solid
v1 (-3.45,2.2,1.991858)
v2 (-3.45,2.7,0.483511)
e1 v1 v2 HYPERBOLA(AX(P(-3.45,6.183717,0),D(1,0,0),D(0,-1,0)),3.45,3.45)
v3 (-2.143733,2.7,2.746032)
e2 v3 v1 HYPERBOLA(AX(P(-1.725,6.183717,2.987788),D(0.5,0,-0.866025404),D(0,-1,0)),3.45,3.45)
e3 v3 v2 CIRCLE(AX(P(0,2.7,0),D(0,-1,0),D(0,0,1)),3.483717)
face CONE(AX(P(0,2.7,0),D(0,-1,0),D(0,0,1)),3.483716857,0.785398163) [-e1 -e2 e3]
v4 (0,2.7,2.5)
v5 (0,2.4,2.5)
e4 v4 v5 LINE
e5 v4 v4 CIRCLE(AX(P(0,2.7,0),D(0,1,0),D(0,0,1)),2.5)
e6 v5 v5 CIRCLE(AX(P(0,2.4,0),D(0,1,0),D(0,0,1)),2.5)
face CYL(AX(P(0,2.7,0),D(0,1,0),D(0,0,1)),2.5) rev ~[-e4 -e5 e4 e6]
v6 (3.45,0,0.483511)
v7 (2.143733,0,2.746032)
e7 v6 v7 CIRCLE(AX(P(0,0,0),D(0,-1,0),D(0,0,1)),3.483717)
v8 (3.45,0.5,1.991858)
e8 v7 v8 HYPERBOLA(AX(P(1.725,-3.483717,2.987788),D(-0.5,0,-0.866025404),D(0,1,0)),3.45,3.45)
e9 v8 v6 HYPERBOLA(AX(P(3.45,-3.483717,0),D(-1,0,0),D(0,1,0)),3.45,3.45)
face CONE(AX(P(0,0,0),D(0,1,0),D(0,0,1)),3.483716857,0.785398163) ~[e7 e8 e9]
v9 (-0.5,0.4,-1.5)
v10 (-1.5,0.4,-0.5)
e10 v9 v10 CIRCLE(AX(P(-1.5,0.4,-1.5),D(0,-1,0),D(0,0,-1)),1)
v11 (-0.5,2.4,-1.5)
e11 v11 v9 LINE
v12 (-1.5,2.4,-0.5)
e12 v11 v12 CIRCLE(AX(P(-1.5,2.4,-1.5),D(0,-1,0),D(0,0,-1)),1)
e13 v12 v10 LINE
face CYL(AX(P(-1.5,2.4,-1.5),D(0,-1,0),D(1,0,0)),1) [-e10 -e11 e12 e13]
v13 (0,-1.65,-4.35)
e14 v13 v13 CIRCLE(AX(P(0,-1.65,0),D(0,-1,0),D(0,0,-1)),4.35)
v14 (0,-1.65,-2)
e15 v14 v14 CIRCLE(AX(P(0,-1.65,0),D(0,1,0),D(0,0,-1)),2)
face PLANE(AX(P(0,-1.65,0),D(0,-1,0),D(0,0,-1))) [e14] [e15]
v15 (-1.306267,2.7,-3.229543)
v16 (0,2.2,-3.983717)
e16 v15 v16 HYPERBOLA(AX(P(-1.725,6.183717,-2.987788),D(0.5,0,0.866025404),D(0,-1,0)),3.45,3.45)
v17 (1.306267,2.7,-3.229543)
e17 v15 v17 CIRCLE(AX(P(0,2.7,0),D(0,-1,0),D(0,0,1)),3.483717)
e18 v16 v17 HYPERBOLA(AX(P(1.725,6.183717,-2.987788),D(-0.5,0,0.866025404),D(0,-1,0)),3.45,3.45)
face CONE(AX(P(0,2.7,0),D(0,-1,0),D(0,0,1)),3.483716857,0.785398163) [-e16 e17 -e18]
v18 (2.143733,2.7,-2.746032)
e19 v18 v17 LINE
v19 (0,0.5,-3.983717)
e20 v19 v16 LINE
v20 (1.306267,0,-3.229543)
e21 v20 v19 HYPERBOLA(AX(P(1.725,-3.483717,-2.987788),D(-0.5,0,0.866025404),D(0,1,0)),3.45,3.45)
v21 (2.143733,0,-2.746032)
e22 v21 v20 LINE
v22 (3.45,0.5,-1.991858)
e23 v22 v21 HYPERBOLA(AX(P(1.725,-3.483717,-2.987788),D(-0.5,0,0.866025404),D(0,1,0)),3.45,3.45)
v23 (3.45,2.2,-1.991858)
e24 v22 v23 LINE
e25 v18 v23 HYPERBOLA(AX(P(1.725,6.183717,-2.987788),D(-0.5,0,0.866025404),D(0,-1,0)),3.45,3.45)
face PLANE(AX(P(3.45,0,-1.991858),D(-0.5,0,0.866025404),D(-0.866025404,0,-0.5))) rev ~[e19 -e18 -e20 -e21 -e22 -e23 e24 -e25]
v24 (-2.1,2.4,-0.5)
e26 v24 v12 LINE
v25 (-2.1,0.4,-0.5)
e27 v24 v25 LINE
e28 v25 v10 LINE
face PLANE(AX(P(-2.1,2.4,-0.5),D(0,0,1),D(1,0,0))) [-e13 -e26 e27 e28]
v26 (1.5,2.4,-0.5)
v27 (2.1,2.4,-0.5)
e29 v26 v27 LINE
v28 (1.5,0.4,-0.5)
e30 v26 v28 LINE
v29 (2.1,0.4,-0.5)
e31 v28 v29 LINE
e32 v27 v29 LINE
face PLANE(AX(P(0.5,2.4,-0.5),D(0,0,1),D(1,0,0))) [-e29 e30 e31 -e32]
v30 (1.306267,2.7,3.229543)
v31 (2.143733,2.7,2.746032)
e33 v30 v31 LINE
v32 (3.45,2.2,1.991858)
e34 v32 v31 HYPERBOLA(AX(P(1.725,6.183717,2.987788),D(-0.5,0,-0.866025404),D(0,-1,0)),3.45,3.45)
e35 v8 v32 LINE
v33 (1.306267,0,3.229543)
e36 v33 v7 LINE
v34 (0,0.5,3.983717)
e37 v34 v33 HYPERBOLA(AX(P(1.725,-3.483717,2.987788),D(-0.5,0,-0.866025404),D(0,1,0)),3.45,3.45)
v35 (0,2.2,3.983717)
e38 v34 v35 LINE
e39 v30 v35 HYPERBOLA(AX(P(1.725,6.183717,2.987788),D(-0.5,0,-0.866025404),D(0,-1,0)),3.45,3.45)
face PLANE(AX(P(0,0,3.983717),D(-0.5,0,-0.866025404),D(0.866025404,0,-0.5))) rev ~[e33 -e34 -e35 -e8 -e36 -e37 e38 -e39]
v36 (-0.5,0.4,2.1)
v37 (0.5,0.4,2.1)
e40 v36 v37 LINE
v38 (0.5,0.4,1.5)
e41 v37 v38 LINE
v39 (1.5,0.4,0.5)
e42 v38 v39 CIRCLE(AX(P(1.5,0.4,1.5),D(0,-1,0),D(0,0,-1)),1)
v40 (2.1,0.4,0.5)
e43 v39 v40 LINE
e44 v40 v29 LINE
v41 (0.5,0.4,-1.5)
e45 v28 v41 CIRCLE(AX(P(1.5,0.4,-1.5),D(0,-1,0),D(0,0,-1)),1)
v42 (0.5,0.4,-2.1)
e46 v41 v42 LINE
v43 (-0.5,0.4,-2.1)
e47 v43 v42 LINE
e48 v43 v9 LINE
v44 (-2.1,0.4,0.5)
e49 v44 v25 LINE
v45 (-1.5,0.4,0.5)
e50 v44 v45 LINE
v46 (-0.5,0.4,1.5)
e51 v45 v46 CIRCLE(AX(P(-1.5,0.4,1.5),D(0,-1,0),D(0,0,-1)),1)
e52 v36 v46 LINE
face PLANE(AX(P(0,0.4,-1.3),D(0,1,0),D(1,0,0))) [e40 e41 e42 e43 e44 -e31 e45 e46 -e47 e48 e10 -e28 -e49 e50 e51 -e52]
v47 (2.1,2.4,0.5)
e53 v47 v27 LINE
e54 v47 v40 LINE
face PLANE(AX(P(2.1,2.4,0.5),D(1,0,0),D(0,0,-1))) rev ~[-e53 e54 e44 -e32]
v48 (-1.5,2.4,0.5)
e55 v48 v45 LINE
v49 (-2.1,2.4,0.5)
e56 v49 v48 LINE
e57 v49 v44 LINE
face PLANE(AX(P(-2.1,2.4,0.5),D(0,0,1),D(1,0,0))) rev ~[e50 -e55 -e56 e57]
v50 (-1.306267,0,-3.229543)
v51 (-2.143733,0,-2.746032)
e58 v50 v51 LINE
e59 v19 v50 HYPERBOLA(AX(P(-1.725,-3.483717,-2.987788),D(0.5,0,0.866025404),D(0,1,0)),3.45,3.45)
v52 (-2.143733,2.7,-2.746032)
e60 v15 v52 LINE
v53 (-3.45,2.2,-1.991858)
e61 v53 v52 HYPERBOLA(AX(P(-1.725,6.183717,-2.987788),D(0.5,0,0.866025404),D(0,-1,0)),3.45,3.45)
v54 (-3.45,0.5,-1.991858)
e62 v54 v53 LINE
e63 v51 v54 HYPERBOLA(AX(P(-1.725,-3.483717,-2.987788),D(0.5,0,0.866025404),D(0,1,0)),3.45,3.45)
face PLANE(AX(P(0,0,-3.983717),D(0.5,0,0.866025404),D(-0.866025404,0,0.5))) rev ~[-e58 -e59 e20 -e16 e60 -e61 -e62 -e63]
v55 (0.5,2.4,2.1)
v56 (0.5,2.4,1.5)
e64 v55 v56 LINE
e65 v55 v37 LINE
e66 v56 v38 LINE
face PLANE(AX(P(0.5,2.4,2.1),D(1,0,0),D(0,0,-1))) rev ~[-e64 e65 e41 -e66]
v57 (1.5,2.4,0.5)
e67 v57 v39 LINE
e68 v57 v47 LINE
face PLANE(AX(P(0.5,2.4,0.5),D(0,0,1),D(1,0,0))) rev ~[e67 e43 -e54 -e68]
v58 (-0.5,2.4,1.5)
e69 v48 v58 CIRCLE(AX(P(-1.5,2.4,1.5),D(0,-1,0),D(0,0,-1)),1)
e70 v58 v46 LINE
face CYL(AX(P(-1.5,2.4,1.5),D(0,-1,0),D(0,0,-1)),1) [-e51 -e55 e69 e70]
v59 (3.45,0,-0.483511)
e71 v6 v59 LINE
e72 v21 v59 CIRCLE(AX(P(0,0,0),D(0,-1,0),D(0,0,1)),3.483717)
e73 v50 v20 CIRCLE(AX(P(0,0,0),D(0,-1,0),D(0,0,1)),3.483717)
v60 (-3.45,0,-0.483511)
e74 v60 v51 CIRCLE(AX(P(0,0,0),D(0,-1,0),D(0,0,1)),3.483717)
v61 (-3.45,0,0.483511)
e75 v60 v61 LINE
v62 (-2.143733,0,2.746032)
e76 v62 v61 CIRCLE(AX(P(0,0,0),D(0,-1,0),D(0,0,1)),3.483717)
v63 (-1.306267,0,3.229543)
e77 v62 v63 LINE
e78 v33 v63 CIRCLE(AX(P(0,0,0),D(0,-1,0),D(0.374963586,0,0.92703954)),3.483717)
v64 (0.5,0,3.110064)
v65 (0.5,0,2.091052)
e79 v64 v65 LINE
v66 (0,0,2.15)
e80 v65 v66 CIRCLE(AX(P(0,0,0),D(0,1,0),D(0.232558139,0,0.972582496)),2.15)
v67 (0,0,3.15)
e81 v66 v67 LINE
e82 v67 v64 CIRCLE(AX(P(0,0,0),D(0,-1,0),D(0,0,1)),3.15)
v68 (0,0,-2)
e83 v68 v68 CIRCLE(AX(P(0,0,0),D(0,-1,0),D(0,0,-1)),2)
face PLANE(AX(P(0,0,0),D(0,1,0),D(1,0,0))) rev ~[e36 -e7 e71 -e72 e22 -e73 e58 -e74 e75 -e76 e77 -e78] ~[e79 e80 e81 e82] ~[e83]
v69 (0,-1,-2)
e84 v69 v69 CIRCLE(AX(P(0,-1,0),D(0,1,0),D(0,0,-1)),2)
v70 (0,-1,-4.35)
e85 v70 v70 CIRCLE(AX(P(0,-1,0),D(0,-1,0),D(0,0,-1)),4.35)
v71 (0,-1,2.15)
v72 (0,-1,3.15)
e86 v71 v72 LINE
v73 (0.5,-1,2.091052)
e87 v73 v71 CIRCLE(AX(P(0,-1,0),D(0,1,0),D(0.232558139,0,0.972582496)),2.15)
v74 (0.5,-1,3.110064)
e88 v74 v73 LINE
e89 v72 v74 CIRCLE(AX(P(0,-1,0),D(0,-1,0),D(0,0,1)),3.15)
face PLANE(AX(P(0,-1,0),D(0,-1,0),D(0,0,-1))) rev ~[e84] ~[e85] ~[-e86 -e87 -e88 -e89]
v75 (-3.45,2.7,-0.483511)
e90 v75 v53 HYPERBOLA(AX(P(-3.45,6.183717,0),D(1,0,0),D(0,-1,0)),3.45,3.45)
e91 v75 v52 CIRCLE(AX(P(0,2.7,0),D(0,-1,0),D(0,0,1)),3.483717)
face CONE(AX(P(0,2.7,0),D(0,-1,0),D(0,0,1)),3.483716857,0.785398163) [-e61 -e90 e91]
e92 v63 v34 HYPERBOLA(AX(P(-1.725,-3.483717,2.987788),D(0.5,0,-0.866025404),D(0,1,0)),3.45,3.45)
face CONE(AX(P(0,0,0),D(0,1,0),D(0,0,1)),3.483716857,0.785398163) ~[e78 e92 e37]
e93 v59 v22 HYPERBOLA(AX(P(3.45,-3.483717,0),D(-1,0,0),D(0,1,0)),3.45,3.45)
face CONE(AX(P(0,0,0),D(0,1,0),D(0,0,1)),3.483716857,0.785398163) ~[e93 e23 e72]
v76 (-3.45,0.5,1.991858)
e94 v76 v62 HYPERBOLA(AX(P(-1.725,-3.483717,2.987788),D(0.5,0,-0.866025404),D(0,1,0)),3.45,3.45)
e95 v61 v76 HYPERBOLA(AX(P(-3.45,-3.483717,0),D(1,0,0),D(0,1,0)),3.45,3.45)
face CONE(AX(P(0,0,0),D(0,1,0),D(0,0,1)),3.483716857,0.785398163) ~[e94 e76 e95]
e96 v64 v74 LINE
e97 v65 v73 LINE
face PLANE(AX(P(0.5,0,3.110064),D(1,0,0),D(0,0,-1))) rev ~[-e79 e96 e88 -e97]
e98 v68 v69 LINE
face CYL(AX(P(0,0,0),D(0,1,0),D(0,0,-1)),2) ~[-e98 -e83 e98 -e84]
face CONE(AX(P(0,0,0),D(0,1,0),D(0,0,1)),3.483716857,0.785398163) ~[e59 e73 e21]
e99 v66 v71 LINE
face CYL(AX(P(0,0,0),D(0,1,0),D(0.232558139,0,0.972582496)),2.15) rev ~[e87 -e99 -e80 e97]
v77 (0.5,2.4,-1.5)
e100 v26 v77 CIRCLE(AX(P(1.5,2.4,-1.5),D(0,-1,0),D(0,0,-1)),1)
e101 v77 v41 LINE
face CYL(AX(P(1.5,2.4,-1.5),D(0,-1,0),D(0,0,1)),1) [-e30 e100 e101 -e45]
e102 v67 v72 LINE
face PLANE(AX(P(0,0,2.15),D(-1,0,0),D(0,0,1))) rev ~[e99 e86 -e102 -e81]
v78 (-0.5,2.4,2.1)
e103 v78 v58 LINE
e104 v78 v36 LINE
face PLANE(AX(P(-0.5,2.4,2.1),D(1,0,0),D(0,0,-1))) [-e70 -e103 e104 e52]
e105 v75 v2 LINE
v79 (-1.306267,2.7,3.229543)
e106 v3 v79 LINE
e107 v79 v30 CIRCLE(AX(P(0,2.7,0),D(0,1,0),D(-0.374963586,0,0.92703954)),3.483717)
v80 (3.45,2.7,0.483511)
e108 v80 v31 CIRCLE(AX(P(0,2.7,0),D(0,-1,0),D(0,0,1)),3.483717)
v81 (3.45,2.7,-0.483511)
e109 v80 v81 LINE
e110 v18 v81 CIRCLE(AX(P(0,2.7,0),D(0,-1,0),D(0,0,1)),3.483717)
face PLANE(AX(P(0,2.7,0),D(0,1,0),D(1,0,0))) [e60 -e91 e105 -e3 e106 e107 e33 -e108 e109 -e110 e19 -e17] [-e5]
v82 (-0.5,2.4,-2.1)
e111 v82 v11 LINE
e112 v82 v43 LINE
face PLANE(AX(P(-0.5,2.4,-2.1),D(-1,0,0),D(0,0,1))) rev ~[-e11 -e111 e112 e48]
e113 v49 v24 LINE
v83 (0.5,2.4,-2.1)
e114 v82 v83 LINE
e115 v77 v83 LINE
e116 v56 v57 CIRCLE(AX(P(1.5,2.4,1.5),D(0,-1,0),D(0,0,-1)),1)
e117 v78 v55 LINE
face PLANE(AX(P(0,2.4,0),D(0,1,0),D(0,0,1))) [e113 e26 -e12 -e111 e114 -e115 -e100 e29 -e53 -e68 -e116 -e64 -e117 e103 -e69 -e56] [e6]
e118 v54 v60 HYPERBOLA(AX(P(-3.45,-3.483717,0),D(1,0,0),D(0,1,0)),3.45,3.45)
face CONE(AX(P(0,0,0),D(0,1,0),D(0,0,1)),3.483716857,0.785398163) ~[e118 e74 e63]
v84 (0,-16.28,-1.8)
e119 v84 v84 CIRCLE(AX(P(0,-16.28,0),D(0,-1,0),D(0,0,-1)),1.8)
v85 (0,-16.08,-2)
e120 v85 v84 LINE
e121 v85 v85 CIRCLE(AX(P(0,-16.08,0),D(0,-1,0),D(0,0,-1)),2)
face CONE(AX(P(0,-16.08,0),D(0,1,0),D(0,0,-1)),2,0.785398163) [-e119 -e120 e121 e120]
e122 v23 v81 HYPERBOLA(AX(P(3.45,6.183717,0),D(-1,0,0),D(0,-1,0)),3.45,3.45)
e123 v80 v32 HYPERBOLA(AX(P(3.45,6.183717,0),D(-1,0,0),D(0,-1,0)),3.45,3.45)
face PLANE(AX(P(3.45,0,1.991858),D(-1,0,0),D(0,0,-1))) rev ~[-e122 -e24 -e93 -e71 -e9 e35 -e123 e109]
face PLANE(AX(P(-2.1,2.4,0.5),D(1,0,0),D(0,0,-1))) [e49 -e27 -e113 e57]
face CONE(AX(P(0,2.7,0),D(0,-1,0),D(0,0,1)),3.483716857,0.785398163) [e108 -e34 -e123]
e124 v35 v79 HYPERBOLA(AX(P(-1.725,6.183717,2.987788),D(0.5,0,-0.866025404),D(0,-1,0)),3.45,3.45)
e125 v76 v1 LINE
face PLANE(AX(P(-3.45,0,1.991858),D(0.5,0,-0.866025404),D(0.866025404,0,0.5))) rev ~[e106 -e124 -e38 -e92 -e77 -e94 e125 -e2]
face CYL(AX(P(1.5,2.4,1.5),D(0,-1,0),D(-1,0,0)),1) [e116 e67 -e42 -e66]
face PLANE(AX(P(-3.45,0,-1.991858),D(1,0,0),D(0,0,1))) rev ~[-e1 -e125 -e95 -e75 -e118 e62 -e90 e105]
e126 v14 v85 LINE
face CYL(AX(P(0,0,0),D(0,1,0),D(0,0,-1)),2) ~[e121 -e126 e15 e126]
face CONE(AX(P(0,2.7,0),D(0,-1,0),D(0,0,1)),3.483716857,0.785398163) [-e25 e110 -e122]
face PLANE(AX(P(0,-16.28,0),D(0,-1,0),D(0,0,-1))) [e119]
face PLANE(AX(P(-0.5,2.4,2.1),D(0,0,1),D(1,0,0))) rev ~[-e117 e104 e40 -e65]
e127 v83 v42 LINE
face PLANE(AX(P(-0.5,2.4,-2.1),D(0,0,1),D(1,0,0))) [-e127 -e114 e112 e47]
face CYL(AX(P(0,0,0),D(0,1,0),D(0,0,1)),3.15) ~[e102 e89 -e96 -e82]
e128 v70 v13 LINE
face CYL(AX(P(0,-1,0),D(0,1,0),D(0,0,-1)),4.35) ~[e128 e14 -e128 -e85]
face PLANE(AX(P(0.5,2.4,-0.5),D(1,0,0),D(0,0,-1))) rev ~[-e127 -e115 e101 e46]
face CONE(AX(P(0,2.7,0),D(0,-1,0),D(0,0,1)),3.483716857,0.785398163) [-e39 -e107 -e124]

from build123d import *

# Parameters (mm, degrees)
BOSS_EXTRUDE1_DEPTH = 2.7
SKETCH3_R           = 2.5
CUT_EXTRUDE1_DEPTH  = 0.3
SKETCH4_R           = 2
BOSS_EXTRUDE2_DEPTH = 16.28
BOSS_EXTRUDE3_DEPTH = 1
SKETCH7_R           = 4.35
BOSS_EXTRUDE4_DEPTH = 0.65
SKETCH8_W           = 1
SKETCH8_H           = 1.6
SKETCH8_H_2         = 1
SKETCH8_W_2         = 1.6
CUT_EXTRUDE2_DEPTH  = 2
FILLET1_R           = 1
CHAMFER1_SIZE       = 0.2


with BuildPart() as part:
    # Sketch2 → Boss-Extrude1 (new body)
    with BuildSketch(Plane(origin=(0, 0, 0), x_dir=(1, 0, 0), z_dir=(0, 1, 0))):
        Polygon((0, -3.983716857), (3.45, -1.991858429), (3.45, 1.991858429), (0, 3.983716857), (-3.45, 1.991858429), (-3.45, -1.991858429), align=None)
    extrude(amount=BOSS_EXTRUDE1_DEPTH)

    # Sketch3 → Cut-Extrude1 (cut)
    with BuildSketch(Plane(origin=(0, 2.7, 0), x_dir=(1, 0, 0), z_dir=(0, 1, 0))):
        with Locations(Location((0, 0, 0), (0, 0, 270))):
            Circle(SKETCH3_R)
    extrude(amount=-CUT_EXTRUDE1_DEPTH, mode=Mode.SUBTRACT)

    # Sketch4 → Boss-Extrude2 (add)
    with BuildSketch(Plane.XZ):
        with Locations(Location((0, 0, 0), (0, 0, 270))):
            Circle(SKETCH4_R)
    extrude(amount=BOSS_EXTRUDE2_DEPTH)

    # Sketch5 → Boss-Extrude3 (add)
    with BuildSketch(Plane.XZ):
        with BuildLine():
            Line((0, 2.15), (0, 3.15))
            ThreePointArc((0, 3.15), (-0.250796162, -3.140000205), (0.5, 3.110064308))
            Line((0.5, 3.110064308), (0.5, 2.091052367))
            ThreePointArc((0.5, 2.091052367), (-0.251731416, -2.135212236), (0, 2.15))
        make_face()
    extrude(amount=BOSS_EXTRUDE3_DEPTH)

    # Sketch7 → Boss-Extrude4 (add)
    with BuildSketch(Plane.XZ.offset(1)):
        with Locations(Location((0, 0, 0), (0, 0, 270))):
            Circle(SKETCH7_R)
    extrude(amount=BOSS_EXTRUDE4_DEPTH)

    # Sketch8 → Cut-Extrude2 (cut)
    with BuildSketch(Plane(origin=(0, 2.4, 0), x_dir=(1, 0, 0), z_dir=(0, 1, 0))):
        with Locations((0, 1.3)):
            Rectangle(SKETCH8_W, SKETCH8_H)
        Rectangle(SKETCH8_W, SKETCH8_H_2)
        with Locations((-1.3, 0)):
            Rectangle(SKETCH8_W_2, SKETCH8_H_2)
        with Locations((0, -1.3)):
            Rectangle(SKETCH8_W, SKETCH8_H)
        with Locations((1.3, 0)):
            Rectangle(SKETCH8_W_2, SKETCH8_H_2)
    extrude(amount=-CUT_EXTRUDE2_DEPTH, mode=Mode.SUBTRACT)

    # Fillet1
    fillet1_edges = [part.edges().sort_by_distance(p)[0] for p in [
        (-0.5, 1.4, -0.5),
        (0.5, 1.4, -0.5),
        (0.5, 1.4, 0.5),
        (-0.5, 1.4, 0.5),
    ]]
    fillet(fillet1_edges, radius=FILLET1_R)

    # Sketch9 → Cut-Revolve1 (revolve, cut)
    with BuildSketch(Plane(origin=(0, 0, 0), x_dir=(0, 0, -1), z_dir=(1, 0, 0))):
        Polygon((-3.983716857, 2.7), (-3.483716857, 2.7), (-3.983716857, 2.2), align=None)
        Polygon((-3.983716857, 0.5), (-3.983716857, 0), (-3.483716857, 0), align=None)
    revolve(axis=Axis((0, 0, 0), (0, -1, 0)), mode=Mode.SUBTRACT)

    # Chamfer1
    chamfer1_edges = [part.edges().sort_by_distance(p)[0] for p in [
        (0, -16.28, 2),
    ]]
    chamfer(chamfer1_edges, length=CHAMFER1_SIZE)


solid = part.part
